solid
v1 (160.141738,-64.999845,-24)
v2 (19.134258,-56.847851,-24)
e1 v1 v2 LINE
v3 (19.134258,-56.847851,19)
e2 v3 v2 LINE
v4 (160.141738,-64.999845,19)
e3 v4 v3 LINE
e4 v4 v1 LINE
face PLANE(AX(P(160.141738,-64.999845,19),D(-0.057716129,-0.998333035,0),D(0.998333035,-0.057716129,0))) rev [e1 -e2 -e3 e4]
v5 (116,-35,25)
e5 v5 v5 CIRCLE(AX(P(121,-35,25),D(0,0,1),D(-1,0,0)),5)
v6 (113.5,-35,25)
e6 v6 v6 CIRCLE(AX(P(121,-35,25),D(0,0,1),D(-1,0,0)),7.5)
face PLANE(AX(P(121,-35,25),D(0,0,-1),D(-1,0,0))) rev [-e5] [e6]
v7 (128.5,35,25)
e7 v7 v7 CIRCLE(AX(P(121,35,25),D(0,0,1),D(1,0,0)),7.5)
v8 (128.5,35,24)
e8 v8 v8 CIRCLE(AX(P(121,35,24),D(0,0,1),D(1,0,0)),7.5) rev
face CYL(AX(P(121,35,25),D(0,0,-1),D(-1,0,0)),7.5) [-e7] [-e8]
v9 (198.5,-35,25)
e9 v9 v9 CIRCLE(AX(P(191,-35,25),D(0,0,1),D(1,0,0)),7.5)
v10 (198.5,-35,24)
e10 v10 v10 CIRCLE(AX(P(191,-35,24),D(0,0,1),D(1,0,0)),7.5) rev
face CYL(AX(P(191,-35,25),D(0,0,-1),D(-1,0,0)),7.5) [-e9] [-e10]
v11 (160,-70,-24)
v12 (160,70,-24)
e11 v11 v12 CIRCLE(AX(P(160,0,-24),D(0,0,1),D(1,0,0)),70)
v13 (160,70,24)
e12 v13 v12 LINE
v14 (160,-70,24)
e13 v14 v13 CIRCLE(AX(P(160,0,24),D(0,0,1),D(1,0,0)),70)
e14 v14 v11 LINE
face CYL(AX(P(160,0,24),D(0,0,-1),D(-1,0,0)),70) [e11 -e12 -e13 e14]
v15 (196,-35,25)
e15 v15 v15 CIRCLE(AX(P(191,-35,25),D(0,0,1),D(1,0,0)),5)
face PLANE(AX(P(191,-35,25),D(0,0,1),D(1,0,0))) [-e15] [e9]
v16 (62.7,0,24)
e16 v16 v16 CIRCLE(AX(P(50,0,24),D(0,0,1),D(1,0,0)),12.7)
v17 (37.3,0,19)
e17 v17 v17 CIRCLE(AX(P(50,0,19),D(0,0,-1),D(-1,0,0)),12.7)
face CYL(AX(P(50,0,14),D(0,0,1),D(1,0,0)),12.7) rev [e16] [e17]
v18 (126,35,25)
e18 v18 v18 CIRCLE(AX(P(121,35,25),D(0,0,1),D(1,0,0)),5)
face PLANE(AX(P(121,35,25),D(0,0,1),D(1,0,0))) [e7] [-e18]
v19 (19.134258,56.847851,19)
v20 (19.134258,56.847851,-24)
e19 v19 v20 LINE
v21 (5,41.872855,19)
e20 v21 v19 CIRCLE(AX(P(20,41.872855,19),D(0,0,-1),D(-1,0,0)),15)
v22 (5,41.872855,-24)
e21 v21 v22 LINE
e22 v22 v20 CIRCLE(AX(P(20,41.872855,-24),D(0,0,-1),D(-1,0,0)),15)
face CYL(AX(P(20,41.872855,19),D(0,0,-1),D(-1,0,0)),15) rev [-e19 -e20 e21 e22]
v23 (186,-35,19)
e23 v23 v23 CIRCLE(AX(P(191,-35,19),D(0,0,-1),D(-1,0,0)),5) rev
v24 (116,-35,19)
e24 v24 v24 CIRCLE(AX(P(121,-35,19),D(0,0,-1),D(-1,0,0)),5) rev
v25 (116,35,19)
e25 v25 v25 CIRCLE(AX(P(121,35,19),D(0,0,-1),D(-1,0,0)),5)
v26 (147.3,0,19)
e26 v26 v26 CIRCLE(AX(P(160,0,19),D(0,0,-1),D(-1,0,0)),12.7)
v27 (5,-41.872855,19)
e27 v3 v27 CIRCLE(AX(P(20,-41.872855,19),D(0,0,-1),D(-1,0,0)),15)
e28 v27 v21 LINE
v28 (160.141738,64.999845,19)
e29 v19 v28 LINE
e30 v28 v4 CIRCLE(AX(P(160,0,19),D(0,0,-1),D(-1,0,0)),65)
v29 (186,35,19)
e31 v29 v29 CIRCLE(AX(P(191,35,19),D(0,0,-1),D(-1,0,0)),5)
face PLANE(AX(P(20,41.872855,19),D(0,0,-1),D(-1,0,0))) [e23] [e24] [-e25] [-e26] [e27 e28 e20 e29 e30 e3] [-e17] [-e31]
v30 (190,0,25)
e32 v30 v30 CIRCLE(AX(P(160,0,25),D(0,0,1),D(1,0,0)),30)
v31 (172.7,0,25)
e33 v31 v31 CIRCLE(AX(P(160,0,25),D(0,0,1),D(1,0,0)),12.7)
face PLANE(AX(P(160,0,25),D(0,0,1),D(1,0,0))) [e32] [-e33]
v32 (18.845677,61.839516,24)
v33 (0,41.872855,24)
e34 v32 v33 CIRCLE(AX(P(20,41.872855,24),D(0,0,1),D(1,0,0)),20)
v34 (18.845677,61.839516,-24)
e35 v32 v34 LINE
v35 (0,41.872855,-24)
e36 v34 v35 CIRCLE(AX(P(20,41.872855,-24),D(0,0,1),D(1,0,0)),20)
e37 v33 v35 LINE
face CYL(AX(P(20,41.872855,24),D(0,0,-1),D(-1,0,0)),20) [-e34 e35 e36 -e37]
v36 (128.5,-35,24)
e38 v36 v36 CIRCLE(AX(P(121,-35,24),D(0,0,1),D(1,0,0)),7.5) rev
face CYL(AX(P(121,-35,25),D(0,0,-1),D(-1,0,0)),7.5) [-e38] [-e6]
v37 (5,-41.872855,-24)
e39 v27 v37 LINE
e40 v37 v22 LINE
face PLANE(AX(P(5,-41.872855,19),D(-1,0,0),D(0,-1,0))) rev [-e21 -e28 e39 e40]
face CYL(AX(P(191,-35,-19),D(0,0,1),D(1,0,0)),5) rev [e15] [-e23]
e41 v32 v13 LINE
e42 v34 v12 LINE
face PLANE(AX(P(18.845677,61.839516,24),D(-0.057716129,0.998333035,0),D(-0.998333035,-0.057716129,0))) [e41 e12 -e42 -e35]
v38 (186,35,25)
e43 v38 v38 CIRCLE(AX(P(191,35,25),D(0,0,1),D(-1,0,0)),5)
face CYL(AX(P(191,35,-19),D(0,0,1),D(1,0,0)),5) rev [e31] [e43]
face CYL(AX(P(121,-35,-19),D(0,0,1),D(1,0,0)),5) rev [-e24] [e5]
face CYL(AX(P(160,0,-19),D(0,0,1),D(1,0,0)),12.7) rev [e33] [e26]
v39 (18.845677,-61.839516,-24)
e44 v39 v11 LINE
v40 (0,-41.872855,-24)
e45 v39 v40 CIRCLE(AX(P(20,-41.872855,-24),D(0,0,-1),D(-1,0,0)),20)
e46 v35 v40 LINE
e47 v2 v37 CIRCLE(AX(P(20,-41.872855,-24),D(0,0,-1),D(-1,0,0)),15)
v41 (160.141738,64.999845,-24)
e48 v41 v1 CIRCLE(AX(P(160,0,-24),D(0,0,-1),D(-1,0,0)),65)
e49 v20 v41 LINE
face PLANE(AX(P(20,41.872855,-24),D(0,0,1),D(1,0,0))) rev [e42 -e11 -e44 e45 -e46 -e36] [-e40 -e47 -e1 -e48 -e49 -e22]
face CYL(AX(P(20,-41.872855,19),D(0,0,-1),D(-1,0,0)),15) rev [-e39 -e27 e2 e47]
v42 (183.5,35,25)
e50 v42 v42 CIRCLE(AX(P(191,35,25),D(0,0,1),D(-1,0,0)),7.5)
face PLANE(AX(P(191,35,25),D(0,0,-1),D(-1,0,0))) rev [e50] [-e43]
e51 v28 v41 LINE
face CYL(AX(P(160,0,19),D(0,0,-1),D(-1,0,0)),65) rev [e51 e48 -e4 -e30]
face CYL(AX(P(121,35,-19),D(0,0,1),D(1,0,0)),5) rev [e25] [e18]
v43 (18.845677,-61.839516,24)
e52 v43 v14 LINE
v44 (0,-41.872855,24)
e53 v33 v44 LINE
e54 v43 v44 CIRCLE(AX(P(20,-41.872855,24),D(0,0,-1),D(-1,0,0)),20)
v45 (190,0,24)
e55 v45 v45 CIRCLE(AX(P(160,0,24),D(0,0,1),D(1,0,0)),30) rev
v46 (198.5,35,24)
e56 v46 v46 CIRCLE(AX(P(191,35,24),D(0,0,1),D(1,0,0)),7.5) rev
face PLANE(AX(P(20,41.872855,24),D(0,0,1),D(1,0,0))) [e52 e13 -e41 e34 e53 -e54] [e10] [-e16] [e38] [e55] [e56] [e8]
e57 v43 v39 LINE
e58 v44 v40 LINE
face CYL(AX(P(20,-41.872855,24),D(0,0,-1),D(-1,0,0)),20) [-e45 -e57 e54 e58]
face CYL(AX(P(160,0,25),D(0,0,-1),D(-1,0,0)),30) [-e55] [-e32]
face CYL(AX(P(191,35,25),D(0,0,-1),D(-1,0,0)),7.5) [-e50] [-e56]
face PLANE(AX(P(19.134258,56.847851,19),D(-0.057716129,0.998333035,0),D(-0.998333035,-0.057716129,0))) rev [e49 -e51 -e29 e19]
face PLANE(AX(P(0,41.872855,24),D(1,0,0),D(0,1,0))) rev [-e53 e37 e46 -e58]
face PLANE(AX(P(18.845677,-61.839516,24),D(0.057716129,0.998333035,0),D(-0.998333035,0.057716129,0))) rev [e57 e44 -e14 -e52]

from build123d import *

# Parameters (mm, degrees)
BOSS_EXTRUDE1_DEPTH = 24
CUT_EXTRUDE1_DEPTH  = 43
SKETCH4_R           = 12.7
CUT_EXTRUDE2_DEPTH  = 43
SKETCH5_R           = 5
CUT_EXTRUDE3_DEPTH  = 43
SKETCH6_R           = 7.5
SKETCH6_R_2         = 5
SKETCH6_R_3         = 30
SKETCH6_R_4         = 11
BOSS_EXTRUDE2_DEPTH = 1
SKETCH7_R           = 12.7
CUT_EXTRUDE4_DEPTH  = 10
CUT_EXTRUDE5_START  = -10
SKETCH8_R           = 12.7
CUT_EXTRUDE5_DEPTH  = 10


with BuildPart() as part:
    # Sketch1 → Boss-Extrude1 (new, symmetric)
    with BuildSketch(Plane.XY):
        with BuildLine():
            Line((0, 41.872855029), (0, -41.872855029))
            ThreePointArc((0, -41.872855029), (5.455474373, -55.600810969), (18.845677428, -61.839515726))
            Line((18.845677428, -61.839515726), (160, -70))
            ThreePointArc((160, -70), (230, 0), (160, 70))
            Line((160, 70), (18.845677428, 61.839515726))
            ThreePointArc((18.845677428, 61.839515726), (5.455474373, 55.600810969), (0, 41.872855029))
        make_face()
    extrude(amount=BOSS_EXTRUDE1_DEPTH, both=True)

    # Sketch2 → Cut-Extrude1 (cut)
    with BuildSketch(Plane(origin=(0, 0, -24), x_dir=(-1, 0, 0), z_dir=(0, 0, -1))):
        with BuildLine():
            Line((-19.134258071, 56.847850552), (-160.141737643, 64.999845465))
            ThreePointArc((-160.141737643, 64.999845465), (-225, 0), (-160.141737643, -64.999845465))
            Line((-160.141737643, -64.999845465), (-19.134258071, -56.847850552))
            ThreePointArc((-19.134258071, -56.847850552), (-9.09160578, -52.168821984), (-5, -41.872855029))
            Line((-5, -41.872855029), (-5, 41.872855029))
            ThreePointArc((-5, 41.872855029), (-9.09160578, 52.168821984), (-19.134258071, 56.847850552))
        make_face()
    extrude(amount=-CUT_EXTRUDE1_DEPTH, mode=Mode.SUBTRACT)

    # Sketch4 → Cut-Extrude2 (cut)
    with BuildSketch(Plane.XY.offset(24)):
        with Locations((160, 0)):
            Circle(SKETCH4_R)
    extrude(amount=-CUT_EXTRUDE2_DEPTH, mode=Mode.SUBTRACT)

    # Sketch5 → Cut-Extrude3 (cut)
    with BuildSketch(Plane.XY.offset(24)):
        with Locations((121, 35)):
            Circle(SKETCH5_R)
        with Locations((191, 35)):
            Circle(SKETCH5_R)
        with Locations(Location((191, -35, 0), (0, 0, 180))):
            Circle(SKETCH5_R)
        with Locations(Location((121, -35, 0), (0, 0, 180))):
            Circle(SKETCH5_R)
    extrude(amount=-CUT_EXTRUDE3_DEPTH, mode=Mode.SUBTRACT)

    # Sketch6 → Boss-Extrude2 (add, symmetric)
    # profile 1 of 5: a face of its own
    with BuildSketch(Plane.XY.offset(24)):
        with Locations((121, 35)):
            Circle(SKETCH6_R)
        with Locations((121, 35)):
            Circle(SKETCH6_R_2, mode=Mode.SUBTRACT)
    # profile 2 of 5: a face of its own
    with BuildSketch(Plane.XY.offset(24)):
        with Locations(Location((121, -35, 0), (0, 0, 180))):
            Circle(SKETCH6_R)
        with Locations(Location((121, -35, 0), (0, 0, 180))):
            Circle(SKETCH6_R_2, mode=Mode.SUBTRACT)
    # profile 3 of 5: a face of its own
    with BuildSketch(Plane.XY.offset(24)):
        with Locations(Location((191, 35, 0), (0, 0, 180))):
            Circle(SKETCH6_R)
        with Locations(Location((191, 35, 0), (0, 0, 180))):
            Circle(SKETCH6_R_2, mode=Mode.SUBTRACT)
    # profile 4 of 5: a face of its own
    with BuildSketch(Plane.XY.offset(24)):
        with Locations((191, -35)):
            Circle(SKETCH6_R)
        with Locations((191, -35)):
            Circle(SKETCH6_R_2, mode=Mode.SUBTRACT)
    # profile 5 of 5: a face of its own
    with BuildSketch(Plane.XY.offset(24)):
        with Locations((160, 0)):
            Circle(SKETCH6_R_3)
        with Locations((160, 0)):
            Circle(SKETCH6_R_4, mode=Mode.SUBTRACT)
    extrude(amount=BOSS_EXTRUDE2_DEPTH, both=True)

    # Sketch7 → Cut-Extrude4 (cut)
    with BuildSketch(Plane.XY.offset(24)):
        with Locations((50, 0)):
            Circle(SKETCH7_R)
    extrude(amount=-CUT_EXTRUDE4_DEPTH, mode=Mode.SUBTRACT)

    # Sketch8 → Cut-Extrude5 (cut)
    with BuildSketch(Plane(origin=(0, 0, 23), x_dir=(-1, 0, 0), z_dir=(0, 0, -1)).offset(CUT_EXTRUDE5_START)):
        with Locations(Location((-160, 0, 0), (0, 0, 180))):
            Circle(SKETCH8_R)
    extrude(amount=CUT_EXTRUDE5_DEPTH, mode=Mode.SUBTRACT)


solid = part.part
